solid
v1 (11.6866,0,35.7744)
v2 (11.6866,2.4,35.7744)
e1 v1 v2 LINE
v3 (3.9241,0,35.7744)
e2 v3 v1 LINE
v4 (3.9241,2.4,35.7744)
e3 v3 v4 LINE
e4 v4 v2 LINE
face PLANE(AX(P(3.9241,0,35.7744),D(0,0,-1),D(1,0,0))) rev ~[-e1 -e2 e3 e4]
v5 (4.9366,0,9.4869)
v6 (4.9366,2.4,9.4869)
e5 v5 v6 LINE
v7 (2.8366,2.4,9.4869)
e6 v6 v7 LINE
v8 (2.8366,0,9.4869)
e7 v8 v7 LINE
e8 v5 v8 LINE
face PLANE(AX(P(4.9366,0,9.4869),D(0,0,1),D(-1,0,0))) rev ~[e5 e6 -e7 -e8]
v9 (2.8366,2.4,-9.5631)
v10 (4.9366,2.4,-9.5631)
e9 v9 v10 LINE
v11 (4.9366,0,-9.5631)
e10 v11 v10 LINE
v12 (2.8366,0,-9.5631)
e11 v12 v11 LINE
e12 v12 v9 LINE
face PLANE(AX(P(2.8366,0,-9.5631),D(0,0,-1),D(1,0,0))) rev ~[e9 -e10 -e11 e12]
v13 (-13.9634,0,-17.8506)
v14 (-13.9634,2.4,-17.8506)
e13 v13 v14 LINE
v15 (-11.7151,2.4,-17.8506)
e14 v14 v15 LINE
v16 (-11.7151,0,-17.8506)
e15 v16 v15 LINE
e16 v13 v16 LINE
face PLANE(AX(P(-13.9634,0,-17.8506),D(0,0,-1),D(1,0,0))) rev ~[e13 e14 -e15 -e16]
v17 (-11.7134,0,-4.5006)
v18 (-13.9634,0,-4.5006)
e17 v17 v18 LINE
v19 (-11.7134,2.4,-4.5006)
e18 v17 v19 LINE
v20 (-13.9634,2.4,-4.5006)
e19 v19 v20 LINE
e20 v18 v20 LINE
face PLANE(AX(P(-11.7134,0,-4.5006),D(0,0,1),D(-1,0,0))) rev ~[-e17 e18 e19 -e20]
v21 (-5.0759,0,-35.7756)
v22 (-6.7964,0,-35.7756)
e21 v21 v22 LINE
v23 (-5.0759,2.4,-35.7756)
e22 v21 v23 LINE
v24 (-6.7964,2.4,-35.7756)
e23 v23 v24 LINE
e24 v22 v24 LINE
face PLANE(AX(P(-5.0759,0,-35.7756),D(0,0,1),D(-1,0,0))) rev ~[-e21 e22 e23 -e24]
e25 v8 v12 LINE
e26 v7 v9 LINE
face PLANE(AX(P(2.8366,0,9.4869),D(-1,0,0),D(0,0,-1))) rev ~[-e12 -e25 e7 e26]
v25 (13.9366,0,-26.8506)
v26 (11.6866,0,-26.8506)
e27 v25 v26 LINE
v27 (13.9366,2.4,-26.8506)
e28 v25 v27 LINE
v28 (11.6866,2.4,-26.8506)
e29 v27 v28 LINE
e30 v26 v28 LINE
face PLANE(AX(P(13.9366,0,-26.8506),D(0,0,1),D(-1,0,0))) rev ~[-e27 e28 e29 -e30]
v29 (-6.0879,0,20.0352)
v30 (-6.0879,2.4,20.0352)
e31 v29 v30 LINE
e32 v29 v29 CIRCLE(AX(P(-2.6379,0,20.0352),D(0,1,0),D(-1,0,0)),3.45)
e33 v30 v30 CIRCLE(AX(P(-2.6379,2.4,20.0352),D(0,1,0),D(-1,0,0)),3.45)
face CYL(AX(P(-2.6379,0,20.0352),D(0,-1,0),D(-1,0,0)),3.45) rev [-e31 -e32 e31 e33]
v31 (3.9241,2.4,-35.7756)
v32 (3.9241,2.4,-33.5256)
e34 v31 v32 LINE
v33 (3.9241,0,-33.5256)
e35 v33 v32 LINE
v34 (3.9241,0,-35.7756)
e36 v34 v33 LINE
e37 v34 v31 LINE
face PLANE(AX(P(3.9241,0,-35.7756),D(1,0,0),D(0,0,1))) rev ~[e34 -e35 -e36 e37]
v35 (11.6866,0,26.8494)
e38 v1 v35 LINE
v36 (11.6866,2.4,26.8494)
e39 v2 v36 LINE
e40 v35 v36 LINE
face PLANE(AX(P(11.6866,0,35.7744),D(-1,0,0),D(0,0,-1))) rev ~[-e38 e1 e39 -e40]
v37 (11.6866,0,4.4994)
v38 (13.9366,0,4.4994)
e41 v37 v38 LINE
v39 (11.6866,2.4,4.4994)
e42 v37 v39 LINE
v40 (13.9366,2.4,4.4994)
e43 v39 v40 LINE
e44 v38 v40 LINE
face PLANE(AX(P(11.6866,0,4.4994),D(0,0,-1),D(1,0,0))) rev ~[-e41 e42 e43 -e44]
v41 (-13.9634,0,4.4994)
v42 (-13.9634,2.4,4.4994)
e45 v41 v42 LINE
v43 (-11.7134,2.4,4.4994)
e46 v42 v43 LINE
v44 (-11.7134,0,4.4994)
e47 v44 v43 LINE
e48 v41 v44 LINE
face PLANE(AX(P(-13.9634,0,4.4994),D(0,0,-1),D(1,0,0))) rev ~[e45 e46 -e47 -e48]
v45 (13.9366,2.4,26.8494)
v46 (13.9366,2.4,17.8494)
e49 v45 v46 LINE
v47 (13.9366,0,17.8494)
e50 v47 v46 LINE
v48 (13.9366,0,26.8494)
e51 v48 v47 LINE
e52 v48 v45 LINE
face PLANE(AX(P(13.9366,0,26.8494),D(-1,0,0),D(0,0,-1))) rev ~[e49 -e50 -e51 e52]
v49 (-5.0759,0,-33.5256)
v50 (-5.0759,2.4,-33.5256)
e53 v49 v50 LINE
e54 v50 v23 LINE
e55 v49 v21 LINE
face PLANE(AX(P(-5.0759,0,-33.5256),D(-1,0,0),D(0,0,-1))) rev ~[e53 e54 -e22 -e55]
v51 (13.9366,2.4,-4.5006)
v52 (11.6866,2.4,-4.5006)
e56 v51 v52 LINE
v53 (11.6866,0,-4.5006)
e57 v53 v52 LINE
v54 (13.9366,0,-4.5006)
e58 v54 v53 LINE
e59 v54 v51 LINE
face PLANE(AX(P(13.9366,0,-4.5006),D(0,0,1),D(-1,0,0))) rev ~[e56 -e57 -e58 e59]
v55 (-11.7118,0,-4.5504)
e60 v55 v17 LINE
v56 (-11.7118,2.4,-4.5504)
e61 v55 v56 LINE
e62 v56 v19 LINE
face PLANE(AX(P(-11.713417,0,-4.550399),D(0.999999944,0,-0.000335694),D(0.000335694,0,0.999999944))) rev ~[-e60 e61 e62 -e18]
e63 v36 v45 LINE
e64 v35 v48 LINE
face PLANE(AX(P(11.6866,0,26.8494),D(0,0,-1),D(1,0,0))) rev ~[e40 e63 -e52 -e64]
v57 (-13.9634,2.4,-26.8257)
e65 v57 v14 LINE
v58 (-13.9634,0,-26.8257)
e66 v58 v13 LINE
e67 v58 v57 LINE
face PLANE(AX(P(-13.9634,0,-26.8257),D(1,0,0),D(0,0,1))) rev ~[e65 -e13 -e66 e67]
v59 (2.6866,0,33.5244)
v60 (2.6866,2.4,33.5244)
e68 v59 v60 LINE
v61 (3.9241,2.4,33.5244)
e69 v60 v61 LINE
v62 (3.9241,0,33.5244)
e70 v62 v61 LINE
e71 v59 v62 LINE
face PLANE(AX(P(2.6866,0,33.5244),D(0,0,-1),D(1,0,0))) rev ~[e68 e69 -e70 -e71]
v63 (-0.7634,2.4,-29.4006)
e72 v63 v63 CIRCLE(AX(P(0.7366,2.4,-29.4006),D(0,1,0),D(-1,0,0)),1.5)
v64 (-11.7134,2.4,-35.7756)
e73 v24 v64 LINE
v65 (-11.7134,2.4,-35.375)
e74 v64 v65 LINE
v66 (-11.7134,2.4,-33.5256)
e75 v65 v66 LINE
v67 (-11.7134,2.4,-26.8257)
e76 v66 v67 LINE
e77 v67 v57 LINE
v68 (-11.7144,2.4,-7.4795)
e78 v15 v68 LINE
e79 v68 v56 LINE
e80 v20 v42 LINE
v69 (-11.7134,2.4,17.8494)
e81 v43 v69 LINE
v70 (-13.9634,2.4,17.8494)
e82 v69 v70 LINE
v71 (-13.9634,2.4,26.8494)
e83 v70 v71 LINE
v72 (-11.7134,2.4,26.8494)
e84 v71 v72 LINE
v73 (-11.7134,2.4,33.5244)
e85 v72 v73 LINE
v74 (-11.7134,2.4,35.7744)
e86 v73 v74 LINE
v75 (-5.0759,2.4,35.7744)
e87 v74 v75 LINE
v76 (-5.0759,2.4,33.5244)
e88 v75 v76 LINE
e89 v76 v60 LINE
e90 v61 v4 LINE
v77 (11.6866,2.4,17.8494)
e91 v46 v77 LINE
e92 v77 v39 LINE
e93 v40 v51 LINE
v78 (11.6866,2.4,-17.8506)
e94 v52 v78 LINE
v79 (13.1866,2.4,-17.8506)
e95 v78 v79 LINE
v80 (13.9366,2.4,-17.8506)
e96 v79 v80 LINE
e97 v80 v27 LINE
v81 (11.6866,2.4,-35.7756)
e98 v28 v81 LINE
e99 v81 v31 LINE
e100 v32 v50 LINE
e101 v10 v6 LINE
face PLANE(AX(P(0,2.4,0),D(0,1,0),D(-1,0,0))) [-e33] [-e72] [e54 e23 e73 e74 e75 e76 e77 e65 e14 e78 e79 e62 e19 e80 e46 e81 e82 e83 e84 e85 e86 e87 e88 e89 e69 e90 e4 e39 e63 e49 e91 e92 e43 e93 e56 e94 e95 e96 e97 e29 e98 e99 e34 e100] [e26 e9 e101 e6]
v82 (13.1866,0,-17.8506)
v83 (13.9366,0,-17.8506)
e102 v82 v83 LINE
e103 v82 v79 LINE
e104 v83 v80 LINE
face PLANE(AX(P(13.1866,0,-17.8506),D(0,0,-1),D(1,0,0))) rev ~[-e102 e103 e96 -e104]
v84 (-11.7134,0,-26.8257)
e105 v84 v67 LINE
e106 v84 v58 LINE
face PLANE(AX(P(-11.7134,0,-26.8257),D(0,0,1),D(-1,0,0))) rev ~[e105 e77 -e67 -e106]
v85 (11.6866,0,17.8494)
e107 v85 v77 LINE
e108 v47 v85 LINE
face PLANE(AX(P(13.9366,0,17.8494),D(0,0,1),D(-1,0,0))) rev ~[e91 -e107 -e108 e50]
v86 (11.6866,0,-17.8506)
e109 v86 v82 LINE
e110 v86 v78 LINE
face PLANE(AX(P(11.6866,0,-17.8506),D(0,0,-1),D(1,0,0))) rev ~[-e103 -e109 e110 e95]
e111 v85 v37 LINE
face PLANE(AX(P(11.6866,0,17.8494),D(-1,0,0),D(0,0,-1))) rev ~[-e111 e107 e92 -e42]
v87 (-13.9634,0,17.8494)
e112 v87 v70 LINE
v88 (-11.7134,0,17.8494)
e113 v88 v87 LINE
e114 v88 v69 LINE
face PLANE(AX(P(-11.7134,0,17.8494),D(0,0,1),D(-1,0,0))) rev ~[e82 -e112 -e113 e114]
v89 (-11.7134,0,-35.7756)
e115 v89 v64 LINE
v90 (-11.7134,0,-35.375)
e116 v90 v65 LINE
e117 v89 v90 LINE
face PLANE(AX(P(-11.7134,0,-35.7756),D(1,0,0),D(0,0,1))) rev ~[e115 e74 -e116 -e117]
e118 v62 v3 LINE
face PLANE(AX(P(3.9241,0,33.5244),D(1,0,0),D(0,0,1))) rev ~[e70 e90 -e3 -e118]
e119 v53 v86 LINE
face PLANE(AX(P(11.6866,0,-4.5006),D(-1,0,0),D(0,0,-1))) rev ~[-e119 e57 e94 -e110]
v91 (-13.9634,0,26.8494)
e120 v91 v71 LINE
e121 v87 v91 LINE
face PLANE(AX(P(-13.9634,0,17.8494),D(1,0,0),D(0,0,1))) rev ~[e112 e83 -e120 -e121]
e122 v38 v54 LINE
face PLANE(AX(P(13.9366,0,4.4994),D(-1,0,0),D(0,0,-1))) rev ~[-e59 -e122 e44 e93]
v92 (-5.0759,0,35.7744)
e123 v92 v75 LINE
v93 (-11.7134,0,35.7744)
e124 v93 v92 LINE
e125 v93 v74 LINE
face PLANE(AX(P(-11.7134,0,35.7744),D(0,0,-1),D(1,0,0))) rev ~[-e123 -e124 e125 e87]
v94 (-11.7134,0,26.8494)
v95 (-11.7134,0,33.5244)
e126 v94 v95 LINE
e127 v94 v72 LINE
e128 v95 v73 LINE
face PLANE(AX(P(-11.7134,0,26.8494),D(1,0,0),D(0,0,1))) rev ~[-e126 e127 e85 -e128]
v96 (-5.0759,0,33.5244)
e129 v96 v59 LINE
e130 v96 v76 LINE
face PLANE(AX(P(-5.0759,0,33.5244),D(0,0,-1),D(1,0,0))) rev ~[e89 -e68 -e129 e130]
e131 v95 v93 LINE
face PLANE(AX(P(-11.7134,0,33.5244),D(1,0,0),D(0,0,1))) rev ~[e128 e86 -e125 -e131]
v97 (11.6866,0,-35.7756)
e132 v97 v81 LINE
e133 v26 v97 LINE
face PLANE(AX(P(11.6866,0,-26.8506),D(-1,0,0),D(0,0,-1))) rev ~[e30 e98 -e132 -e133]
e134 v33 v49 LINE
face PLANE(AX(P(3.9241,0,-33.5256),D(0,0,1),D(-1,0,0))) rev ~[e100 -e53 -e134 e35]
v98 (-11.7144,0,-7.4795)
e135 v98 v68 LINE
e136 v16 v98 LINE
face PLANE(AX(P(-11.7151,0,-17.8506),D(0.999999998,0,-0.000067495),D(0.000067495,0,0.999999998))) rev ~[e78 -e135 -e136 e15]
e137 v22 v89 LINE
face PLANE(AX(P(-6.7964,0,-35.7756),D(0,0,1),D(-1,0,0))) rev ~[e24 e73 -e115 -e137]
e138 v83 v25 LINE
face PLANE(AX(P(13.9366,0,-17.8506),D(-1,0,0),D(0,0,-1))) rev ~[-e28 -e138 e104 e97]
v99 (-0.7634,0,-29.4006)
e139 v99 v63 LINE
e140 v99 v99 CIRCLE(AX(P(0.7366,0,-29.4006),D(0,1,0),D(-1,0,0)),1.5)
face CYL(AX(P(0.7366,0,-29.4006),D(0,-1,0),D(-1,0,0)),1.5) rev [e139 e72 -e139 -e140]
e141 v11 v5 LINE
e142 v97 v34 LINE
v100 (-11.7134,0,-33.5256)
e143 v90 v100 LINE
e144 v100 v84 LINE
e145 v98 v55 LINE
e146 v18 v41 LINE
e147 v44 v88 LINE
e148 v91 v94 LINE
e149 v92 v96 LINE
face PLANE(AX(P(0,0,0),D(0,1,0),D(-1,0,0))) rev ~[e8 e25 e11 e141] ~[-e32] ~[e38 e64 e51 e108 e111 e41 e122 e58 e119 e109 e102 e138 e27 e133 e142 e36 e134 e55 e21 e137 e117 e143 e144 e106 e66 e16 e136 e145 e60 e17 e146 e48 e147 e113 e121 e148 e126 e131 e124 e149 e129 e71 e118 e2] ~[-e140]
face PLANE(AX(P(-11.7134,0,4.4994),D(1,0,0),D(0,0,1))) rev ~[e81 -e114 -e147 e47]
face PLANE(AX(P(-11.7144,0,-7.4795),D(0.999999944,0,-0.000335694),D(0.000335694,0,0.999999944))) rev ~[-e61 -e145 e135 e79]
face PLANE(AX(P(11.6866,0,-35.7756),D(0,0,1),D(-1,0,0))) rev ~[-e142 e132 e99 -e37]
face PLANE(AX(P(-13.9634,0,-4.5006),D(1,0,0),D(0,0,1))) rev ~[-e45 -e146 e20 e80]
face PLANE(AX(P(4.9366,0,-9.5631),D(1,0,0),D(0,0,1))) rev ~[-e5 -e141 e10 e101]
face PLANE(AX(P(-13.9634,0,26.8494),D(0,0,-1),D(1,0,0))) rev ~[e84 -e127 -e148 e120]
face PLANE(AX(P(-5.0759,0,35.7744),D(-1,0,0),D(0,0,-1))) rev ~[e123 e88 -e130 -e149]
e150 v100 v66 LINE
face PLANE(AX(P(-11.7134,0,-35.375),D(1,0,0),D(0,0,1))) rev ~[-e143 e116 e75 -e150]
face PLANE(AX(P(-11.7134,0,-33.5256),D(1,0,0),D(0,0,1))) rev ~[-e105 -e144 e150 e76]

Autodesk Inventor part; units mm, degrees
ref_plane "YZ Plane" through (0, 0, 0) normal (1, 0, 0) x (0, 1, 0)
ref_plane "XZ Plane" through (0, 0, 0) normal (0, 1, 0) x (-1, 0, 0)
ref_plane "XY Plane" through (0, 0, 0) normal (0, 0, 1) x (1, 0, 0)
sketch "Boceto1" plane through (0, 0, 0) normal (0, 1, 0) x (-1, 0, 0)
  line L0 (-13.9366, -26.8506) -> (-11.6866, -26.8506)
  line L1 (-11.6866, -26.8506) -> (-11.6866, -35.7756)
  line L2 (-11.6866, -35.7756) -> (-3.9241, -35.7756)
  line L3 (-3.9241, -35.7756) -> (-3.9241, -33.5256)
  line L4 (-3.9241, -33.5256) -> (5.0759, -33.5256)
  line L5 (5.0759, -33.5256) -> (5.0759, -35.7756)
  line L6 (5.0759, -35.7756) -> (6.7964, -35.7756)
  line L7 (6.7964, -35.7756) -> (11.7134, -35.7756)
  line L8 (11.7134, -35.7756) -> (11.7134, -35.375)
  line L9 (11.7134, -35.375) -> (11.7134, -33.5256)
  line L10 (11.7134, -33.5256) -> (11.7134, -26.8257)
  line L11 (11.7134, -26.8257) -> (13.9634, -26.8257)
  line L12 (13.9634, -26.8257) -> (13.9634, -17.8506)
  line L13 (13.9637, -17.8506) -> (11.7151, -17.8506)
  line L14 (11.7118, -17.9004) -> (11.7134, -17.8506)
  line L15 (11.7151, -17.8506) -> (11.7144, -7.4795)
  line L16 (11.7144, -7.4795) -> (11.7134, -4.5006)
  line L17 (11.7118, -4.5504) -> (11.7134, -4.5006)
  line L18 (11.7134, -4.5006) -> (13.9634, -4.5006)
  line L19 (13.9634, -4.5006) -> (13.9634, 4.4994)
  line L20 (13.9634, 4.4994) -> (11.7134, 4.4994)
  line L21 (11.7134, 4.4994) -> (11.7134, 17.8494)
  line L22 (11.7134, 17.8494) -> (13.9634, 17.8494)
  line L23 (13.9634, 17.8494) -> (13.9634, 26.8494)
  line L24 (13.9634, 26.8494) -> (11.7134, 26.8494)
  line L25 (11.7134, 26.8494) -> (11.7134, 33.5244)
  line L26 (11.7134, 33.5244) -> (11.7134, 35.7744)
  line L27 (11.7134, 35.7744) -> (5.0759, 35.7744)
  line L28 (5.0759, 35.7744) -> (5.0759, 33.5244)
  line L29 (5.0759, 33.5244) -> (-2.6866, 33.5244)
  line L30 (-2.6866, 33.5244) -> (-3.9241, 33.5244)
  line L31 (-3.9241, 33.5244) -> (-3.9241, 35.7744)
  line L32 (-3.9241, 35.7744) -> (-11.6866, 35.7744)
  line L33 (-11.6866, 35.7744) -> (-11.6866, 26.8494)
  line L34 (-11.6866, 26.8494) -> (-13.9366, 26.8494)
  line L35 (-13.9366, 26.8494) -> (-13.9366, 17.8494)
  line L36 (-13.9366, 17.8494) -> (-11.6866, 17.8494)
  line L37 (-11.6866, 17.8494) -> (-11.6866, 4.4994)
  line L38 (-11.6866, 4.4994) -> (-13.9366, 4.4994)
  line L39 (-13.9366, 4.4994) -> (-13.9366, -4.5006)
  line L40 (-13.9366, -4.5006) -> (-11.6866, -4.5006)
  line L41 (-11.6866, -4.5006) -> (-11.6866, -17.8506)
  line L42 (-11.6866, -17.8506) -> (-13.1866, -17.8506)
  line L43 (-13.1866, -17.8506) -> (-13.9366, -17.8506)
  line L44 (-13.9366, -17.8506) -> (-13.9366, -26.8506)
  line L45 (-4.9366, -9.5631) -> (-4.9366, 9.4869)
  line L46 (-4.9366, 9.4869) -> (-2.8366, 9.4869)
  line L47 (-2.8366, 9.4869) -> (-2.8366, -9.5631)
  line L48 (-2.8366, -9.5631) -> (-4.9366, -9.5631)
  circle A0 centre (2.6379, 20.0352) radius 3.45
  circle A1 centre (-0.7366, -29.4006) radius 1.5
  point P0 (0, 0)
extrude "Extrusión1" add sketch "Boceto1" along normal blind 2.4
properties part number "costat1"
